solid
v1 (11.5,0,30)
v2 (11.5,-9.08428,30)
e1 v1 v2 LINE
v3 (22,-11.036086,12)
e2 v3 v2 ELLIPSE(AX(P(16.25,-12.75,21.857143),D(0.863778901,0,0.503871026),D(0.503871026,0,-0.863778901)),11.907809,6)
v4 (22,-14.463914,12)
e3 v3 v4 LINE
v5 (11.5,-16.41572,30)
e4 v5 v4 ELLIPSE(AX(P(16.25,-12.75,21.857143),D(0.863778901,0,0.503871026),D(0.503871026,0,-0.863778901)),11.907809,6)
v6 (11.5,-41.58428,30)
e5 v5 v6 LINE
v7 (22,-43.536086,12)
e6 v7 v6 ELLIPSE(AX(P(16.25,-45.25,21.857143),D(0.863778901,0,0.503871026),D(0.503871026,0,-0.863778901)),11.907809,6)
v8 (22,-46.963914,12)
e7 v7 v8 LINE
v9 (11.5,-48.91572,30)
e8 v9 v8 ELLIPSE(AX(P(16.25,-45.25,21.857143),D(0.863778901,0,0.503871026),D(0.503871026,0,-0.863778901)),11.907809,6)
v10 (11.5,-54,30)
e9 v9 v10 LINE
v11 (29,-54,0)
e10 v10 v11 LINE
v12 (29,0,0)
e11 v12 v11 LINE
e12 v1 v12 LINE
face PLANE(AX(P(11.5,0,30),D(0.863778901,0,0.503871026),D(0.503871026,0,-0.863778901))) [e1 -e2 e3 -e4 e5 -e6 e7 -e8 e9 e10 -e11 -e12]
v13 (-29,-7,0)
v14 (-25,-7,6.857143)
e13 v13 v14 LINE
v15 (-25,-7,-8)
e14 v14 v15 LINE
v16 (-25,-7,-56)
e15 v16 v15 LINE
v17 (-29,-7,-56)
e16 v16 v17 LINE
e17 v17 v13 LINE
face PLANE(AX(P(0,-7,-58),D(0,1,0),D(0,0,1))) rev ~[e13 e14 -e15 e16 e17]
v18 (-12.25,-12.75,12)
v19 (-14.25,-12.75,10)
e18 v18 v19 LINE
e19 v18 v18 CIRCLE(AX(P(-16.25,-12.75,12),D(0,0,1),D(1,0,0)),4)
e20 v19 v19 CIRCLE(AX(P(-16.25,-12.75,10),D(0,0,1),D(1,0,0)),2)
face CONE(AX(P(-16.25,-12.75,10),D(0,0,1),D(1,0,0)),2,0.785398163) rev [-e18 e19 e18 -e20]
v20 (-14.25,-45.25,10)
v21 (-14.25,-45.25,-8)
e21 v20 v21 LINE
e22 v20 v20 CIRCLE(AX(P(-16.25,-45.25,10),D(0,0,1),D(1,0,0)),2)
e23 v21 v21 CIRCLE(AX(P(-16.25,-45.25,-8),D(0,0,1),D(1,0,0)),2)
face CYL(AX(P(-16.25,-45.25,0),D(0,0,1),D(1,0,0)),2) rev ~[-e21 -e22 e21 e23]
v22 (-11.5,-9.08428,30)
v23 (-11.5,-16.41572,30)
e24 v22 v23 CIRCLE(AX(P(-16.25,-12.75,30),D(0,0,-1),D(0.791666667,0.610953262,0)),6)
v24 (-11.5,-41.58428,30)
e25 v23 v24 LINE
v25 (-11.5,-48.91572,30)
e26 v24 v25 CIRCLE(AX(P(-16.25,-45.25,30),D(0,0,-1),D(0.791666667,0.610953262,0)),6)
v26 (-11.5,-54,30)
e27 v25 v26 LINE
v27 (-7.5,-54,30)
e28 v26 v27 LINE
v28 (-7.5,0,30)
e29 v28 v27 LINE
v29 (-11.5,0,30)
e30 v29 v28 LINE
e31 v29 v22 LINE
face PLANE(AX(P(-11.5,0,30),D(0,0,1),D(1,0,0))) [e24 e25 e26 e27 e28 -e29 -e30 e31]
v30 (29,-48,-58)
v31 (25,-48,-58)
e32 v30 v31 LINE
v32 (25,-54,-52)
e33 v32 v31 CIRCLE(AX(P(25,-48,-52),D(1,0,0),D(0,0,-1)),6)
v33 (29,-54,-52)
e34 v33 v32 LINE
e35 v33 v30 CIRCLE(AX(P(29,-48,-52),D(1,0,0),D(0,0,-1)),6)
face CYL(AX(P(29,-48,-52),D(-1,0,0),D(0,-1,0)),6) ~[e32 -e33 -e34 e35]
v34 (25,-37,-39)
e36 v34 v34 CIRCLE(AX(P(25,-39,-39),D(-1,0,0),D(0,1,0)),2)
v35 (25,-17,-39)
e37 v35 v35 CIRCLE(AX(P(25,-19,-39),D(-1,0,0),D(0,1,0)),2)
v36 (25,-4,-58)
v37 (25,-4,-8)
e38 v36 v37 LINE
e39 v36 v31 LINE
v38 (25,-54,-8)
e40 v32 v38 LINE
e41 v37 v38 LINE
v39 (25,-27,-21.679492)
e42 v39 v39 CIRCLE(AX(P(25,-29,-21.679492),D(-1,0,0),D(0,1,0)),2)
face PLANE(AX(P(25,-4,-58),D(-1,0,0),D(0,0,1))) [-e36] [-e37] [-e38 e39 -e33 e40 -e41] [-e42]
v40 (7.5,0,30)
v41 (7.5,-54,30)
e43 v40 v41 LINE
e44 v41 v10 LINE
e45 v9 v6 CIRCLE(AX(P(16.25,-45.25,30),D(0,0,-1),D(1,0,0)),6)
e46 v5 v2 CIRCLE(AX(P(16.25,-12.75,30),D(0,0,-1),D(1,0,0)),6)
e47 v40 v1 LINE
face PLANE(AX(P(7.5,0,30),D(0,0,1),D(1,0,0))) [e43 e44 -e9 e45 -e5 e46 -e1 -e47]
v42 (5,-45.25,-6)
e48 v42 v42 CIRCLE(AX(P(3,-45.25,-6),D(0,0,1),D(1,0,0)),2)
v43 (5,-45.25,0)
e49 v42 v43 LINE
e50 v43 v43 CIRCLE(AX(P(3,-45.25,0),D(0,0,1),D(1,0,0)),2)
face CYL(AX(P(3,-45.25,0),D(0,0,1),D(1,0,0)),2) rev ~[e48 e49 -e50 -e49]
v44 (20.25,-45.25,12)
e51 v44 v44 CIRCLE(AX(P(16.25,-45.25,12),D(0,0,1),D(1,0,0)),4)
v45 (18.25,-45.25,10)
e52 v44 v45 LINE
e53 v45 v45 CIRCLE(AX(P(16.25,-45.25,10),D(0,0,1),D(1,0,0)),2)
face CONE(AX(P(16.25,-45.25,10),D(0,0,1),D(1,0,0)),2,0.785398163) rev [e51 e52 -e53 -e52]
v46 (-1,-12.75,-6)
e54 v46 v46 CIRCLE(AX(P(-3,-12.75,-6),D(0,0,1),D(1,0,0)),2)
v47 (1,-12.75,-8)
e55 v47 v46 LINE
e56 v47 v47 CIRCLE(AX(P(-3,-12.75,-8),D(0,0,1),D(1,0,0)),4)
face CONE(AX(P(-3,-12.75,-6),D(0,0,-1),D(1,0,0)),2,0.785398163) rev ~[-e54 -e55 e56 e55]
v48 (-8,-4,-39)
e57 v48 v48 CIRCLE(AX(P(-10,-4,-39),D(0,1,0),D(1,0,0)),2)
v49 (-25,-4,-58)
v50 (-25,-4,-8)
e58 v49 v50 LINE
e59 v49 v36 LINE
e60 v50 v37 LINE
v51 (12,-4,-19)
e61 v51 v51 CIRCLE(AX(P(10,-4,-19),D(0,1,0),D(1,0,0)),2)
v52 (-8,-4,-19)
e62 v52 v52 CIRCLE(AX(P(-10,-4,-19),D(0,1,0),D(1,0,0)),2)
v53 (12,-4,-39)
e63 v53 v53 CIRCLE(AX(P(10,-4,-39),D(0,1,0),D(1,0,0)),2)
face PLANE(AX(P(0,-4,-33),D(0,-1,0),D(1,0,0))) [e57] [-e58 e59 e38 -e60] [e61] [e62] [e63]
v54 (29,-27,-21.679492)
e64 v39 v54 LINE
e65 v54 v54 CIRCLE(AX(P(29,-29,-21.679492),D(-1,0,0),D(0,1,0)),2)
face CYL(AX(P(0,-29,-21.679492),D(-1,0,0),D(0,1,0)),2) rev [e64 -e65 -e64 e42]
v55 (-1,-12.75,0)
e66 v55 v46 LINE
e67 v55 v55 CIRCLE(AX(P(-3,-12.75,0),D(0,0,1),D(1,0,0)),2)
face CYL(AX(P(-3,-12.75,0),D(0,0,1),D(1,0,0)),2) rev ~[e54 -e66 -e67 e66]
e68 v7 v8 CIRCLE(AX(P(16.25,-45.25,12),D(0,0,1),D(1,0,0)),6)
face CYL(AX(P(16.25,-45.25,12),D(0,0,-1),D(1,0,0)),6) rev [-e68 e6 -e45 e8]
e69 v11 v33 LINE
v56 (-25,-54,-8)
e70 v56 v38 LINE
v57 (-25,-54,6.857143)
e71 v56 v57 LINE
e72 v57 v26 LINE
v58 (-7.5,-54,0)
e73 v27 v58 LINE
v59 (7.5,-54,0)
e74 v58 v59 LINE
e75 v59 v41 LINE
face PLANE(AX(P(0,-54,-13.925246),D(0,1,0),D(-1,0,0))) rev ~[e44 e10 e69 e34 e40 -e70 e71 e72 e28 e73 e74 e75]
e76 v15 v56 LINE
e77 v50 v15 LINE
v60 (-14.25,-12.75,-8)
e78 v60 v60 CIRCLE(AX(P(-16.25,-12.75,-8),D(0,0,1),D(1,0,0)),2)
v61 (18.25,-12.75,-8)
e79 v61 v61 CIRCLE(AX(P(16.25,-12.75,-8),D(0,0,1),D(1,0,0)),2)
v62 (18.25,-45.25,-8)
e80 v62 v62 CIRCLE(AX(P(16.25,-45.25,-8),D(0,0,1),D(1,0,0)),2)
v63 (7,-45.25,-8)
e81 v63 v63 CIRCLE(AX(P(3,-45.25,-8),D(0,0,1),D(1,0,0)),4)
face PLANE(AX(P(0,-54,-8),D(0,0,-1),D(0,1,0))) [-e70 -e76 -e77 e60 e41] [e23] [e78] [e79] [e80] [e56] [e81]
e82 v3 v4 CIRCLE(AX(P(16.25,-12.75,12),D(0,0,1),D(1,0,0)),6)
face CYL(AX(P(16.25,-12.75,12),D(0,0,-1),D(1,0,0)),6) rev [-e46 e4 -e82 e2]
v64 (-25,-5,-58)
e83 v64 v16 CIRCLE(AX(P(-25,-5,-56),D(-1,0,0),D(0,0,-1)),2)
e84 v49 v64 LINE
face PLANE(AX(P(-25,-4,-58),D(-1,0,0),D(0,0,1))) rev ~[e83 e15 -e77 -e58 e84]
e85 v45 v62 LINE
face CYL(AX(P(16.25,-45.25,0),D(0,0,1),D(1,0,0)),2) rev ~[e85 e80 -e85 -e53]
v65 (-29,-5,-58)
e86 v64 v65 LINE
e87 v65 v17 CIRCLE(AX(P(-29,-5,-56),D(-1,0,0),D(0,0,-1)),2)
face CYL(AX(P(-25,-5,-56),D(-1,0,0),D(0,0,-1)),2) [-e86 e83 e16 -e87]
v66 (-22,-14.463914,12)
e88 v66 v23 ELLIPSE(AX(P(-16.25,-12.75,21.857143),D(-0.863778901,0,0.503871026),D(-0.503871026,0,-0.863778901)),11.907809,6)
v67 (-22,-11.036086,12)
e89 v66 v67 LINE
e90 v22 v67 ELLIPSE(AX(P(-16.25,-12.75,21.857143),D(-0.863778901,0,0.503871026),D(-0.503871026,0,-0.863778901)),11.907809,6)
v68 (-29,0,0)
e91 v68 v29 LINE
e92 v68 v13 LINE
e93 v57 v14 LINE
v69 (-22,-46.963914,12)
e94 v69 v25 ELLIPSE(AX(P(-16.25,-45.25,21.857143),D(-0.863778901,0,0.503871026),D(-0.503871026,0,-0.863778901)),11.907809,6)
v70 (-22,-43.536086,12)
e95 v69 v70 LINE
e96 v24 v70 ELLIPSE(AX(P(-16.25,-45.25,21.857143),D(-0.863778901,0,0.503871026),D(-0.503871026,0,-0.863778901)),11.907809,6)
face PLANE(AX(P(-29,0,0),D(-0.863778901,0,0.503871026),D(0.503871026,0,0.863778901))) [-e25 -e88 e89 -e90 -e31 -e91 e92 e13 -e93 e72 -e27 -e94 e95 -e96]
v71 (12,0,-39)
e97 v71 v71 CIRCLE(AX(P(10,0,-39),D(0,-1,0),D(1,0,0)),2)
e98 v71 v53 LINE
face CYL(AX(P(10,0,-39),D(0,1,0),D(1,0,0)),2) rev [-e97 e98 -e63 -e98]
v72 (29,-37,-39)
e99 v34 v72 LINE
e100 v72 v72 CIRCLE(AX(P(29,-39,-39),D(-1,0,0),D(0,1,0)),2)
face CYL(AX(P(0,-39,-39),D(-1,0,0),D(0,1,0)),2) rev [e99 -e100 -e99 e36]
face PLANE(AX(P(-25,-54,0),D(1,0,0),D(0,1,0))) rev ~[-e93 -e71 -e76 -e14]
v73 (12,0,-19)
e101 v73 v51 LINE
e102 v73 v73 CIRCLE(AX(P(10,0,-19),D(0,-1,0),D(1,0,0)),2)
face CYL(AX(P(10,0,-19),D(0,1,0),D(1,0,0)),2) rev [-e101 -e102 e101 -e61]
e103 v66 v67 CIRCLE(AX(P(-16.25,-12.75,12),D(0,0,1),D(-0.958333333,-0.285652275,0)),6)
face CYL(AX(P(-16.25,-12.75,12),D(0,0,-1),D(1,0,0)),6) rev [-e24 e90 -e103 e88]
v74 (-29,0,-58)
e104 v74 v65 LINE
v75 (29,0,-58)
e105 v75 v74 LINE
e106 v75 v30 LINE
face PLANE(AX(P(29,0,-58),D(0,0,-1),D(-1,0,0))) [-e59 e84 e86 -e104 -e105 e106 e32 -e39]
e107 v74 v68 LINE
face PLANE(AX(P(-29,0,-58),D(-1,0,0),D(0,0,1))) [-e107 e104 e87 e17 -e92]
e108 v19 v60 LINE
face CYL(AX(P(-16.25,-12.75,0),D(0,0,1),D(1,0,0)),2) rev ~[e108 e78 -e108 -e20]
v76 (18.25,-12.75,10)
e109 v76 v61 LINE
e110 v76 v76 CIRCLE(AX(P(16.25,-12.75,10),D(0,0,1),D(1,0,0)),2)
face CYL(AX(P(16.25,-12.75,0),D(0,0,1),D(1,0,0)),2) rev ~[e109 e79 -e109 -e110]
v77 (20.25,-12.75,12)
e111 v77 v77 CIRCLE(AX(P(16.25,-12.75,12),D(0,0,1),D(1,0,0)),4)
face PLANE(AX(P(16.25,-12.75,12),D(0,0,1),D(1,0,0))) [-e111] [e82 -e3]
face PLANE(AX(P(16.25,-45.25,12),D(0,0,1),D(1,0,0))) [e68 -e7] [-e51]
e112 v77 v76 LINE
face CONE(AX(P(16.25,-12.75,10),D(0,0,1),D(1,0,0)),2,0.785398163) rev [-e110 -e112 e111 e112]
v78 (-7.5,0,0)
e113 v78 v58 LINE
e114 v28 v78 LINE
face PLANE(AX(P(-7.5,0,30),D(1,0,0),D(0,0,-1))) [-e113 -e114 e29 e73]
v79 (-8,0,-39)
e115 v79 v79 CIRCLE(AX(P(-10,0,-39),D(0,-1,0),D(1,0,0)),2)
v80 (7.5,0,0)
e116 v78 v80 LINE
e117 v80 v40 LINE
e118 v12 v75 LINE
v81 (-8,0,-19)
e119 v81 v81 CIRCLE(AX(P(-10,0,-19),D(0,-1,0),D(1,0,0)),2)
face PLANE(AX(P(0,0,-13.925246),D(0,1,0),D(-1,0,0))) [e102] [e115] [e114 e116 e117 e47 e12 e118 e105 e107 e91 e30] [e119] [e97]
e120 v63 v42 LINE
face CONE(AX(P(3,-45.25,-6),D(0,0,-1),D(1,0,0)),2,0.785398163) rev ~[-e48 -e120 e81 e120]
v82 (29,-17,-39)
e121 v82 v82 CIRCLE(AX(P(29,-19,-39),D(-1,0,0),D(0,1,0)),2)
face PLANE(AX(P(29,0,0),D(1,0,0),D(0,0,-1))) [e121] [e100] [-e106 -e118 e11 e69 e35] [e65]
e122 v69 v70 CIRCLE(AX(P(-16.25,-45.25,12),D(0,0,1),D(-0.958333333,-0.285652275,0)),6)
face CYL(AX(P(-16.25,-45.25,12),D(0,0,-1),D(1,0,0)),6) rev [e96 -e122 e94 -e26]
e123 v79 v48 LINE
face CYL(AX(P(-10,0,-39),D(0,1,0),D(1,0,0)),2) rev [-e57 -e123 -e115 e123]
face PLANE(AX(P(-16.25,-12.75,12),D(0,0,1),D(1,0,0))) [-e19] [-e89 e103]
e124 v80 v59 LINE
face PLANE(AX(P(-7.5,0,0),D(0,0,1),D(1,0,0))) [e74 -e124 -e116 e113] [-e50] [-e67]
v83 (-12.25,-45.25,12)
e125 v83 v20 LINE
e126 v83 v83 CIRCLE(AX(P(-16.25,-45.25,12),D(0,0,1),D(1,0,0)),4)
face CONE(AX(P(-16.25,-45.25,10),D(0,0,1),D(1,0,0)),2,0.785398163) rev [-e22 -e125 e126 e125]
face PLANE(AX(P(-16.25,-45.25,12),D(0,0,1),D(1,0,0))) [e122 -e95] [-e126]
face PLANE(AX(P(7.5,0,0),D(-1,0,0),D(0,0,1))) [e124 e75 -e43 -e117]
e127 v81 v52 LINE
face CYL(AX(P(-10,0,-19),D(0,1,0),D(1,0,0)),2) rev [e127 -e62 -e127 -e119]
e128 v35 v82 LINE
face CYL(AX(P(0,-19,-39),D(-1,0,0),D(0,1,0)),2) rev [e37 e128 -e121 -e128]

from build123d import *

# Parameters (mm, degrees)
PAD006_DEPTH    = 54
SKETCH035_W     = 50
SKETCH035_H     = 50
POCKET015_DEPTH = 50
SKETCH036_W     = 47
SKETCH036_H     = 50
POCKET016_DEPTH = 50
FILLET008_R     = 6
FILLET009_R     = 2
SKETCH037_W     = 4
SKETCH037_H     = 47
POCKET017_DEPTH = 25
SKETCH038_R     = 2
POCKET018_DEPTH = 50
CHAMFER008_SIZE = 2
SKETCH039_R     = 6
POCKET019_DEPTH = 50
CHAMFER009_SIZE = 2
SKETCH040_R     = 2
POCKET020_DEPTH = 50
SKETCH041_R     = 2
POCKET021_DEPTH = 10


with BuildPart() as part:
    # Sketch034 → Pad006 (new body)
    with BuildSketch(Plane.XZ):
        Polygon((-7.5, 0), (7.5, 0), (7.5, 30), (11.5, 30), (29, 0), (29, -58), (-29, -58), (-29, 0), (-11.5, 30), (-7.5, 30), align=None)
    extrude(amount=PAD006_DEPTH)

    # Sketch035 → Pocket015 (cut)
    with BuildSketch(Plane.XZ.offset(4)):
        with Locations((0, -33)):
            Rectangle(SKETCH035_W, SKETCH035_H)
    extrude(amount=POCKET015_DEPTH, mode=Mode.SUBTRACT)

    # Sketch036 → Pocket016 (cut)
    with BuildSketch(Plane.YZ):
        with Locations((-30.5, -33)):
            Rectangle(SKETCH036_W, SKETCH036_H)
    extrude(amount=-POCKET016_DEPTH, mode=Mode.SUBTRACT)

    # Fillet008
    fillet008_edges = [part.edges().sort_by_distance(p)[0] for p in [
        (27, -54, -58),
    ]]
    fillet(fillet008_edges, radius=FILLET008_R)

    # Fillet009
    fillet009_edges = [part.edges().sort_by_distance(p)[0] for p in [
        (-27, -7, -58),
    ]]
    fillet(fillet009_edges, radius=FILLET009_R)

    # Sketch037 → Pocket017 (cut, symmetric)
    with BuildSketch(Plane.XY):
        with Locations((-27, -30.5)):
            Rectangle(SKETCH037_W, SKETCH037_H)
    extrude(amount=POCKET017_DEPTH, both=True, mode=Mode.SUBTRACT)

    # Sketch038 → Pocket018 (cut, symmetric)
    with BuildSketch(Plane.XY):
        with Locations((-16.25, -12.75)):
            Circle(SKETCH038_R)
        with Locations((-16.25, -45.25)):
            Circle(SKETCH038_R)
        with Locations((16.25, -45.25)):
            Circle(SKETCH038_R)
        with Locations((16.25, -12.75)):
            Circle(SKETCH038_R)
        with Locations((-3, -12.75)):
            Circle(SKETCH038_R)
        with Locations((3, -45.25)):
            Circle(SKETCH038_R)
    extrude(amount=POCKET018_DEPTH, both=True, mode=Mode.SUBTRACT)

    # Chamfer008
    chamfer008_edges = [part.edges().sort_by_distance(p)[0] for p in [
        (1, -45.25, -8),
        (-5, -12.75, -8),
    ]]
    chamfer(chamfer008_edges, length=CHAMFER008_SIZE)

    # Sketch039 → Pocket019 (cut)
    with BuildSketch(Plane.XY.offset(12)):
        with Locations((-16.25, -12.75)):
            Circle(SKETCH039_R)
        with Locations((-16.25, -45.25)):
            Circle(SKETCH039_R)
        with Locations((16.25, -45.25)):
            Circle(SKETCH039_R)
        with Locations((16.25, -12.75)):
            Circle(SKETCH039_R)
    extrude(amount=POCKET019_DEPTH, mode=Mode.SUBTRACT)

    # Chamfer009
    chamfer009_edges = [part.edges().sort_by_distance(p)[0] for p in [
        (-18.25, -45.25, 12),
        (-18.25, -12.75, 12),
        (14.25, -45.25, 12),
        (14.25, -12.75, 12),
    ]]
    chamfer(chamfer009_edges, length=CHAMFER009_SIZE)

    # Sketch040 → Pocket020 (cut)
    with BuildSketch(Plane.YZ):
        with Locations((-29, -21.679492)):
            Circle(SKETCH040_R)
        with Locations((-39, -39)):
            Circle(SKETCH040_R)
        with Locations((-19, -39)):
            Circle(SKETCH040_R)
    extrude(amount=POCKET020_DEPTH, mode=Mode.SUBTRACT)

    # Sketch041 → Pocket021 (cut)
    with BuildSketch(Plane.XZ):
        with Locations((-10, -19)):
            Circle(SKETCH041_R)
        with Locations((10, -19)):
            Circle(SKETCH041_R)
        with Locations((-10, -39)):
            Circle(SKETCH041_R)
        with Locations((10, -39)):
            Circle(SKETCH041_R)
    extrude(amount=POCKET021_DEPTH, mode=Mode.SUBTRACT)


solid = part.part
